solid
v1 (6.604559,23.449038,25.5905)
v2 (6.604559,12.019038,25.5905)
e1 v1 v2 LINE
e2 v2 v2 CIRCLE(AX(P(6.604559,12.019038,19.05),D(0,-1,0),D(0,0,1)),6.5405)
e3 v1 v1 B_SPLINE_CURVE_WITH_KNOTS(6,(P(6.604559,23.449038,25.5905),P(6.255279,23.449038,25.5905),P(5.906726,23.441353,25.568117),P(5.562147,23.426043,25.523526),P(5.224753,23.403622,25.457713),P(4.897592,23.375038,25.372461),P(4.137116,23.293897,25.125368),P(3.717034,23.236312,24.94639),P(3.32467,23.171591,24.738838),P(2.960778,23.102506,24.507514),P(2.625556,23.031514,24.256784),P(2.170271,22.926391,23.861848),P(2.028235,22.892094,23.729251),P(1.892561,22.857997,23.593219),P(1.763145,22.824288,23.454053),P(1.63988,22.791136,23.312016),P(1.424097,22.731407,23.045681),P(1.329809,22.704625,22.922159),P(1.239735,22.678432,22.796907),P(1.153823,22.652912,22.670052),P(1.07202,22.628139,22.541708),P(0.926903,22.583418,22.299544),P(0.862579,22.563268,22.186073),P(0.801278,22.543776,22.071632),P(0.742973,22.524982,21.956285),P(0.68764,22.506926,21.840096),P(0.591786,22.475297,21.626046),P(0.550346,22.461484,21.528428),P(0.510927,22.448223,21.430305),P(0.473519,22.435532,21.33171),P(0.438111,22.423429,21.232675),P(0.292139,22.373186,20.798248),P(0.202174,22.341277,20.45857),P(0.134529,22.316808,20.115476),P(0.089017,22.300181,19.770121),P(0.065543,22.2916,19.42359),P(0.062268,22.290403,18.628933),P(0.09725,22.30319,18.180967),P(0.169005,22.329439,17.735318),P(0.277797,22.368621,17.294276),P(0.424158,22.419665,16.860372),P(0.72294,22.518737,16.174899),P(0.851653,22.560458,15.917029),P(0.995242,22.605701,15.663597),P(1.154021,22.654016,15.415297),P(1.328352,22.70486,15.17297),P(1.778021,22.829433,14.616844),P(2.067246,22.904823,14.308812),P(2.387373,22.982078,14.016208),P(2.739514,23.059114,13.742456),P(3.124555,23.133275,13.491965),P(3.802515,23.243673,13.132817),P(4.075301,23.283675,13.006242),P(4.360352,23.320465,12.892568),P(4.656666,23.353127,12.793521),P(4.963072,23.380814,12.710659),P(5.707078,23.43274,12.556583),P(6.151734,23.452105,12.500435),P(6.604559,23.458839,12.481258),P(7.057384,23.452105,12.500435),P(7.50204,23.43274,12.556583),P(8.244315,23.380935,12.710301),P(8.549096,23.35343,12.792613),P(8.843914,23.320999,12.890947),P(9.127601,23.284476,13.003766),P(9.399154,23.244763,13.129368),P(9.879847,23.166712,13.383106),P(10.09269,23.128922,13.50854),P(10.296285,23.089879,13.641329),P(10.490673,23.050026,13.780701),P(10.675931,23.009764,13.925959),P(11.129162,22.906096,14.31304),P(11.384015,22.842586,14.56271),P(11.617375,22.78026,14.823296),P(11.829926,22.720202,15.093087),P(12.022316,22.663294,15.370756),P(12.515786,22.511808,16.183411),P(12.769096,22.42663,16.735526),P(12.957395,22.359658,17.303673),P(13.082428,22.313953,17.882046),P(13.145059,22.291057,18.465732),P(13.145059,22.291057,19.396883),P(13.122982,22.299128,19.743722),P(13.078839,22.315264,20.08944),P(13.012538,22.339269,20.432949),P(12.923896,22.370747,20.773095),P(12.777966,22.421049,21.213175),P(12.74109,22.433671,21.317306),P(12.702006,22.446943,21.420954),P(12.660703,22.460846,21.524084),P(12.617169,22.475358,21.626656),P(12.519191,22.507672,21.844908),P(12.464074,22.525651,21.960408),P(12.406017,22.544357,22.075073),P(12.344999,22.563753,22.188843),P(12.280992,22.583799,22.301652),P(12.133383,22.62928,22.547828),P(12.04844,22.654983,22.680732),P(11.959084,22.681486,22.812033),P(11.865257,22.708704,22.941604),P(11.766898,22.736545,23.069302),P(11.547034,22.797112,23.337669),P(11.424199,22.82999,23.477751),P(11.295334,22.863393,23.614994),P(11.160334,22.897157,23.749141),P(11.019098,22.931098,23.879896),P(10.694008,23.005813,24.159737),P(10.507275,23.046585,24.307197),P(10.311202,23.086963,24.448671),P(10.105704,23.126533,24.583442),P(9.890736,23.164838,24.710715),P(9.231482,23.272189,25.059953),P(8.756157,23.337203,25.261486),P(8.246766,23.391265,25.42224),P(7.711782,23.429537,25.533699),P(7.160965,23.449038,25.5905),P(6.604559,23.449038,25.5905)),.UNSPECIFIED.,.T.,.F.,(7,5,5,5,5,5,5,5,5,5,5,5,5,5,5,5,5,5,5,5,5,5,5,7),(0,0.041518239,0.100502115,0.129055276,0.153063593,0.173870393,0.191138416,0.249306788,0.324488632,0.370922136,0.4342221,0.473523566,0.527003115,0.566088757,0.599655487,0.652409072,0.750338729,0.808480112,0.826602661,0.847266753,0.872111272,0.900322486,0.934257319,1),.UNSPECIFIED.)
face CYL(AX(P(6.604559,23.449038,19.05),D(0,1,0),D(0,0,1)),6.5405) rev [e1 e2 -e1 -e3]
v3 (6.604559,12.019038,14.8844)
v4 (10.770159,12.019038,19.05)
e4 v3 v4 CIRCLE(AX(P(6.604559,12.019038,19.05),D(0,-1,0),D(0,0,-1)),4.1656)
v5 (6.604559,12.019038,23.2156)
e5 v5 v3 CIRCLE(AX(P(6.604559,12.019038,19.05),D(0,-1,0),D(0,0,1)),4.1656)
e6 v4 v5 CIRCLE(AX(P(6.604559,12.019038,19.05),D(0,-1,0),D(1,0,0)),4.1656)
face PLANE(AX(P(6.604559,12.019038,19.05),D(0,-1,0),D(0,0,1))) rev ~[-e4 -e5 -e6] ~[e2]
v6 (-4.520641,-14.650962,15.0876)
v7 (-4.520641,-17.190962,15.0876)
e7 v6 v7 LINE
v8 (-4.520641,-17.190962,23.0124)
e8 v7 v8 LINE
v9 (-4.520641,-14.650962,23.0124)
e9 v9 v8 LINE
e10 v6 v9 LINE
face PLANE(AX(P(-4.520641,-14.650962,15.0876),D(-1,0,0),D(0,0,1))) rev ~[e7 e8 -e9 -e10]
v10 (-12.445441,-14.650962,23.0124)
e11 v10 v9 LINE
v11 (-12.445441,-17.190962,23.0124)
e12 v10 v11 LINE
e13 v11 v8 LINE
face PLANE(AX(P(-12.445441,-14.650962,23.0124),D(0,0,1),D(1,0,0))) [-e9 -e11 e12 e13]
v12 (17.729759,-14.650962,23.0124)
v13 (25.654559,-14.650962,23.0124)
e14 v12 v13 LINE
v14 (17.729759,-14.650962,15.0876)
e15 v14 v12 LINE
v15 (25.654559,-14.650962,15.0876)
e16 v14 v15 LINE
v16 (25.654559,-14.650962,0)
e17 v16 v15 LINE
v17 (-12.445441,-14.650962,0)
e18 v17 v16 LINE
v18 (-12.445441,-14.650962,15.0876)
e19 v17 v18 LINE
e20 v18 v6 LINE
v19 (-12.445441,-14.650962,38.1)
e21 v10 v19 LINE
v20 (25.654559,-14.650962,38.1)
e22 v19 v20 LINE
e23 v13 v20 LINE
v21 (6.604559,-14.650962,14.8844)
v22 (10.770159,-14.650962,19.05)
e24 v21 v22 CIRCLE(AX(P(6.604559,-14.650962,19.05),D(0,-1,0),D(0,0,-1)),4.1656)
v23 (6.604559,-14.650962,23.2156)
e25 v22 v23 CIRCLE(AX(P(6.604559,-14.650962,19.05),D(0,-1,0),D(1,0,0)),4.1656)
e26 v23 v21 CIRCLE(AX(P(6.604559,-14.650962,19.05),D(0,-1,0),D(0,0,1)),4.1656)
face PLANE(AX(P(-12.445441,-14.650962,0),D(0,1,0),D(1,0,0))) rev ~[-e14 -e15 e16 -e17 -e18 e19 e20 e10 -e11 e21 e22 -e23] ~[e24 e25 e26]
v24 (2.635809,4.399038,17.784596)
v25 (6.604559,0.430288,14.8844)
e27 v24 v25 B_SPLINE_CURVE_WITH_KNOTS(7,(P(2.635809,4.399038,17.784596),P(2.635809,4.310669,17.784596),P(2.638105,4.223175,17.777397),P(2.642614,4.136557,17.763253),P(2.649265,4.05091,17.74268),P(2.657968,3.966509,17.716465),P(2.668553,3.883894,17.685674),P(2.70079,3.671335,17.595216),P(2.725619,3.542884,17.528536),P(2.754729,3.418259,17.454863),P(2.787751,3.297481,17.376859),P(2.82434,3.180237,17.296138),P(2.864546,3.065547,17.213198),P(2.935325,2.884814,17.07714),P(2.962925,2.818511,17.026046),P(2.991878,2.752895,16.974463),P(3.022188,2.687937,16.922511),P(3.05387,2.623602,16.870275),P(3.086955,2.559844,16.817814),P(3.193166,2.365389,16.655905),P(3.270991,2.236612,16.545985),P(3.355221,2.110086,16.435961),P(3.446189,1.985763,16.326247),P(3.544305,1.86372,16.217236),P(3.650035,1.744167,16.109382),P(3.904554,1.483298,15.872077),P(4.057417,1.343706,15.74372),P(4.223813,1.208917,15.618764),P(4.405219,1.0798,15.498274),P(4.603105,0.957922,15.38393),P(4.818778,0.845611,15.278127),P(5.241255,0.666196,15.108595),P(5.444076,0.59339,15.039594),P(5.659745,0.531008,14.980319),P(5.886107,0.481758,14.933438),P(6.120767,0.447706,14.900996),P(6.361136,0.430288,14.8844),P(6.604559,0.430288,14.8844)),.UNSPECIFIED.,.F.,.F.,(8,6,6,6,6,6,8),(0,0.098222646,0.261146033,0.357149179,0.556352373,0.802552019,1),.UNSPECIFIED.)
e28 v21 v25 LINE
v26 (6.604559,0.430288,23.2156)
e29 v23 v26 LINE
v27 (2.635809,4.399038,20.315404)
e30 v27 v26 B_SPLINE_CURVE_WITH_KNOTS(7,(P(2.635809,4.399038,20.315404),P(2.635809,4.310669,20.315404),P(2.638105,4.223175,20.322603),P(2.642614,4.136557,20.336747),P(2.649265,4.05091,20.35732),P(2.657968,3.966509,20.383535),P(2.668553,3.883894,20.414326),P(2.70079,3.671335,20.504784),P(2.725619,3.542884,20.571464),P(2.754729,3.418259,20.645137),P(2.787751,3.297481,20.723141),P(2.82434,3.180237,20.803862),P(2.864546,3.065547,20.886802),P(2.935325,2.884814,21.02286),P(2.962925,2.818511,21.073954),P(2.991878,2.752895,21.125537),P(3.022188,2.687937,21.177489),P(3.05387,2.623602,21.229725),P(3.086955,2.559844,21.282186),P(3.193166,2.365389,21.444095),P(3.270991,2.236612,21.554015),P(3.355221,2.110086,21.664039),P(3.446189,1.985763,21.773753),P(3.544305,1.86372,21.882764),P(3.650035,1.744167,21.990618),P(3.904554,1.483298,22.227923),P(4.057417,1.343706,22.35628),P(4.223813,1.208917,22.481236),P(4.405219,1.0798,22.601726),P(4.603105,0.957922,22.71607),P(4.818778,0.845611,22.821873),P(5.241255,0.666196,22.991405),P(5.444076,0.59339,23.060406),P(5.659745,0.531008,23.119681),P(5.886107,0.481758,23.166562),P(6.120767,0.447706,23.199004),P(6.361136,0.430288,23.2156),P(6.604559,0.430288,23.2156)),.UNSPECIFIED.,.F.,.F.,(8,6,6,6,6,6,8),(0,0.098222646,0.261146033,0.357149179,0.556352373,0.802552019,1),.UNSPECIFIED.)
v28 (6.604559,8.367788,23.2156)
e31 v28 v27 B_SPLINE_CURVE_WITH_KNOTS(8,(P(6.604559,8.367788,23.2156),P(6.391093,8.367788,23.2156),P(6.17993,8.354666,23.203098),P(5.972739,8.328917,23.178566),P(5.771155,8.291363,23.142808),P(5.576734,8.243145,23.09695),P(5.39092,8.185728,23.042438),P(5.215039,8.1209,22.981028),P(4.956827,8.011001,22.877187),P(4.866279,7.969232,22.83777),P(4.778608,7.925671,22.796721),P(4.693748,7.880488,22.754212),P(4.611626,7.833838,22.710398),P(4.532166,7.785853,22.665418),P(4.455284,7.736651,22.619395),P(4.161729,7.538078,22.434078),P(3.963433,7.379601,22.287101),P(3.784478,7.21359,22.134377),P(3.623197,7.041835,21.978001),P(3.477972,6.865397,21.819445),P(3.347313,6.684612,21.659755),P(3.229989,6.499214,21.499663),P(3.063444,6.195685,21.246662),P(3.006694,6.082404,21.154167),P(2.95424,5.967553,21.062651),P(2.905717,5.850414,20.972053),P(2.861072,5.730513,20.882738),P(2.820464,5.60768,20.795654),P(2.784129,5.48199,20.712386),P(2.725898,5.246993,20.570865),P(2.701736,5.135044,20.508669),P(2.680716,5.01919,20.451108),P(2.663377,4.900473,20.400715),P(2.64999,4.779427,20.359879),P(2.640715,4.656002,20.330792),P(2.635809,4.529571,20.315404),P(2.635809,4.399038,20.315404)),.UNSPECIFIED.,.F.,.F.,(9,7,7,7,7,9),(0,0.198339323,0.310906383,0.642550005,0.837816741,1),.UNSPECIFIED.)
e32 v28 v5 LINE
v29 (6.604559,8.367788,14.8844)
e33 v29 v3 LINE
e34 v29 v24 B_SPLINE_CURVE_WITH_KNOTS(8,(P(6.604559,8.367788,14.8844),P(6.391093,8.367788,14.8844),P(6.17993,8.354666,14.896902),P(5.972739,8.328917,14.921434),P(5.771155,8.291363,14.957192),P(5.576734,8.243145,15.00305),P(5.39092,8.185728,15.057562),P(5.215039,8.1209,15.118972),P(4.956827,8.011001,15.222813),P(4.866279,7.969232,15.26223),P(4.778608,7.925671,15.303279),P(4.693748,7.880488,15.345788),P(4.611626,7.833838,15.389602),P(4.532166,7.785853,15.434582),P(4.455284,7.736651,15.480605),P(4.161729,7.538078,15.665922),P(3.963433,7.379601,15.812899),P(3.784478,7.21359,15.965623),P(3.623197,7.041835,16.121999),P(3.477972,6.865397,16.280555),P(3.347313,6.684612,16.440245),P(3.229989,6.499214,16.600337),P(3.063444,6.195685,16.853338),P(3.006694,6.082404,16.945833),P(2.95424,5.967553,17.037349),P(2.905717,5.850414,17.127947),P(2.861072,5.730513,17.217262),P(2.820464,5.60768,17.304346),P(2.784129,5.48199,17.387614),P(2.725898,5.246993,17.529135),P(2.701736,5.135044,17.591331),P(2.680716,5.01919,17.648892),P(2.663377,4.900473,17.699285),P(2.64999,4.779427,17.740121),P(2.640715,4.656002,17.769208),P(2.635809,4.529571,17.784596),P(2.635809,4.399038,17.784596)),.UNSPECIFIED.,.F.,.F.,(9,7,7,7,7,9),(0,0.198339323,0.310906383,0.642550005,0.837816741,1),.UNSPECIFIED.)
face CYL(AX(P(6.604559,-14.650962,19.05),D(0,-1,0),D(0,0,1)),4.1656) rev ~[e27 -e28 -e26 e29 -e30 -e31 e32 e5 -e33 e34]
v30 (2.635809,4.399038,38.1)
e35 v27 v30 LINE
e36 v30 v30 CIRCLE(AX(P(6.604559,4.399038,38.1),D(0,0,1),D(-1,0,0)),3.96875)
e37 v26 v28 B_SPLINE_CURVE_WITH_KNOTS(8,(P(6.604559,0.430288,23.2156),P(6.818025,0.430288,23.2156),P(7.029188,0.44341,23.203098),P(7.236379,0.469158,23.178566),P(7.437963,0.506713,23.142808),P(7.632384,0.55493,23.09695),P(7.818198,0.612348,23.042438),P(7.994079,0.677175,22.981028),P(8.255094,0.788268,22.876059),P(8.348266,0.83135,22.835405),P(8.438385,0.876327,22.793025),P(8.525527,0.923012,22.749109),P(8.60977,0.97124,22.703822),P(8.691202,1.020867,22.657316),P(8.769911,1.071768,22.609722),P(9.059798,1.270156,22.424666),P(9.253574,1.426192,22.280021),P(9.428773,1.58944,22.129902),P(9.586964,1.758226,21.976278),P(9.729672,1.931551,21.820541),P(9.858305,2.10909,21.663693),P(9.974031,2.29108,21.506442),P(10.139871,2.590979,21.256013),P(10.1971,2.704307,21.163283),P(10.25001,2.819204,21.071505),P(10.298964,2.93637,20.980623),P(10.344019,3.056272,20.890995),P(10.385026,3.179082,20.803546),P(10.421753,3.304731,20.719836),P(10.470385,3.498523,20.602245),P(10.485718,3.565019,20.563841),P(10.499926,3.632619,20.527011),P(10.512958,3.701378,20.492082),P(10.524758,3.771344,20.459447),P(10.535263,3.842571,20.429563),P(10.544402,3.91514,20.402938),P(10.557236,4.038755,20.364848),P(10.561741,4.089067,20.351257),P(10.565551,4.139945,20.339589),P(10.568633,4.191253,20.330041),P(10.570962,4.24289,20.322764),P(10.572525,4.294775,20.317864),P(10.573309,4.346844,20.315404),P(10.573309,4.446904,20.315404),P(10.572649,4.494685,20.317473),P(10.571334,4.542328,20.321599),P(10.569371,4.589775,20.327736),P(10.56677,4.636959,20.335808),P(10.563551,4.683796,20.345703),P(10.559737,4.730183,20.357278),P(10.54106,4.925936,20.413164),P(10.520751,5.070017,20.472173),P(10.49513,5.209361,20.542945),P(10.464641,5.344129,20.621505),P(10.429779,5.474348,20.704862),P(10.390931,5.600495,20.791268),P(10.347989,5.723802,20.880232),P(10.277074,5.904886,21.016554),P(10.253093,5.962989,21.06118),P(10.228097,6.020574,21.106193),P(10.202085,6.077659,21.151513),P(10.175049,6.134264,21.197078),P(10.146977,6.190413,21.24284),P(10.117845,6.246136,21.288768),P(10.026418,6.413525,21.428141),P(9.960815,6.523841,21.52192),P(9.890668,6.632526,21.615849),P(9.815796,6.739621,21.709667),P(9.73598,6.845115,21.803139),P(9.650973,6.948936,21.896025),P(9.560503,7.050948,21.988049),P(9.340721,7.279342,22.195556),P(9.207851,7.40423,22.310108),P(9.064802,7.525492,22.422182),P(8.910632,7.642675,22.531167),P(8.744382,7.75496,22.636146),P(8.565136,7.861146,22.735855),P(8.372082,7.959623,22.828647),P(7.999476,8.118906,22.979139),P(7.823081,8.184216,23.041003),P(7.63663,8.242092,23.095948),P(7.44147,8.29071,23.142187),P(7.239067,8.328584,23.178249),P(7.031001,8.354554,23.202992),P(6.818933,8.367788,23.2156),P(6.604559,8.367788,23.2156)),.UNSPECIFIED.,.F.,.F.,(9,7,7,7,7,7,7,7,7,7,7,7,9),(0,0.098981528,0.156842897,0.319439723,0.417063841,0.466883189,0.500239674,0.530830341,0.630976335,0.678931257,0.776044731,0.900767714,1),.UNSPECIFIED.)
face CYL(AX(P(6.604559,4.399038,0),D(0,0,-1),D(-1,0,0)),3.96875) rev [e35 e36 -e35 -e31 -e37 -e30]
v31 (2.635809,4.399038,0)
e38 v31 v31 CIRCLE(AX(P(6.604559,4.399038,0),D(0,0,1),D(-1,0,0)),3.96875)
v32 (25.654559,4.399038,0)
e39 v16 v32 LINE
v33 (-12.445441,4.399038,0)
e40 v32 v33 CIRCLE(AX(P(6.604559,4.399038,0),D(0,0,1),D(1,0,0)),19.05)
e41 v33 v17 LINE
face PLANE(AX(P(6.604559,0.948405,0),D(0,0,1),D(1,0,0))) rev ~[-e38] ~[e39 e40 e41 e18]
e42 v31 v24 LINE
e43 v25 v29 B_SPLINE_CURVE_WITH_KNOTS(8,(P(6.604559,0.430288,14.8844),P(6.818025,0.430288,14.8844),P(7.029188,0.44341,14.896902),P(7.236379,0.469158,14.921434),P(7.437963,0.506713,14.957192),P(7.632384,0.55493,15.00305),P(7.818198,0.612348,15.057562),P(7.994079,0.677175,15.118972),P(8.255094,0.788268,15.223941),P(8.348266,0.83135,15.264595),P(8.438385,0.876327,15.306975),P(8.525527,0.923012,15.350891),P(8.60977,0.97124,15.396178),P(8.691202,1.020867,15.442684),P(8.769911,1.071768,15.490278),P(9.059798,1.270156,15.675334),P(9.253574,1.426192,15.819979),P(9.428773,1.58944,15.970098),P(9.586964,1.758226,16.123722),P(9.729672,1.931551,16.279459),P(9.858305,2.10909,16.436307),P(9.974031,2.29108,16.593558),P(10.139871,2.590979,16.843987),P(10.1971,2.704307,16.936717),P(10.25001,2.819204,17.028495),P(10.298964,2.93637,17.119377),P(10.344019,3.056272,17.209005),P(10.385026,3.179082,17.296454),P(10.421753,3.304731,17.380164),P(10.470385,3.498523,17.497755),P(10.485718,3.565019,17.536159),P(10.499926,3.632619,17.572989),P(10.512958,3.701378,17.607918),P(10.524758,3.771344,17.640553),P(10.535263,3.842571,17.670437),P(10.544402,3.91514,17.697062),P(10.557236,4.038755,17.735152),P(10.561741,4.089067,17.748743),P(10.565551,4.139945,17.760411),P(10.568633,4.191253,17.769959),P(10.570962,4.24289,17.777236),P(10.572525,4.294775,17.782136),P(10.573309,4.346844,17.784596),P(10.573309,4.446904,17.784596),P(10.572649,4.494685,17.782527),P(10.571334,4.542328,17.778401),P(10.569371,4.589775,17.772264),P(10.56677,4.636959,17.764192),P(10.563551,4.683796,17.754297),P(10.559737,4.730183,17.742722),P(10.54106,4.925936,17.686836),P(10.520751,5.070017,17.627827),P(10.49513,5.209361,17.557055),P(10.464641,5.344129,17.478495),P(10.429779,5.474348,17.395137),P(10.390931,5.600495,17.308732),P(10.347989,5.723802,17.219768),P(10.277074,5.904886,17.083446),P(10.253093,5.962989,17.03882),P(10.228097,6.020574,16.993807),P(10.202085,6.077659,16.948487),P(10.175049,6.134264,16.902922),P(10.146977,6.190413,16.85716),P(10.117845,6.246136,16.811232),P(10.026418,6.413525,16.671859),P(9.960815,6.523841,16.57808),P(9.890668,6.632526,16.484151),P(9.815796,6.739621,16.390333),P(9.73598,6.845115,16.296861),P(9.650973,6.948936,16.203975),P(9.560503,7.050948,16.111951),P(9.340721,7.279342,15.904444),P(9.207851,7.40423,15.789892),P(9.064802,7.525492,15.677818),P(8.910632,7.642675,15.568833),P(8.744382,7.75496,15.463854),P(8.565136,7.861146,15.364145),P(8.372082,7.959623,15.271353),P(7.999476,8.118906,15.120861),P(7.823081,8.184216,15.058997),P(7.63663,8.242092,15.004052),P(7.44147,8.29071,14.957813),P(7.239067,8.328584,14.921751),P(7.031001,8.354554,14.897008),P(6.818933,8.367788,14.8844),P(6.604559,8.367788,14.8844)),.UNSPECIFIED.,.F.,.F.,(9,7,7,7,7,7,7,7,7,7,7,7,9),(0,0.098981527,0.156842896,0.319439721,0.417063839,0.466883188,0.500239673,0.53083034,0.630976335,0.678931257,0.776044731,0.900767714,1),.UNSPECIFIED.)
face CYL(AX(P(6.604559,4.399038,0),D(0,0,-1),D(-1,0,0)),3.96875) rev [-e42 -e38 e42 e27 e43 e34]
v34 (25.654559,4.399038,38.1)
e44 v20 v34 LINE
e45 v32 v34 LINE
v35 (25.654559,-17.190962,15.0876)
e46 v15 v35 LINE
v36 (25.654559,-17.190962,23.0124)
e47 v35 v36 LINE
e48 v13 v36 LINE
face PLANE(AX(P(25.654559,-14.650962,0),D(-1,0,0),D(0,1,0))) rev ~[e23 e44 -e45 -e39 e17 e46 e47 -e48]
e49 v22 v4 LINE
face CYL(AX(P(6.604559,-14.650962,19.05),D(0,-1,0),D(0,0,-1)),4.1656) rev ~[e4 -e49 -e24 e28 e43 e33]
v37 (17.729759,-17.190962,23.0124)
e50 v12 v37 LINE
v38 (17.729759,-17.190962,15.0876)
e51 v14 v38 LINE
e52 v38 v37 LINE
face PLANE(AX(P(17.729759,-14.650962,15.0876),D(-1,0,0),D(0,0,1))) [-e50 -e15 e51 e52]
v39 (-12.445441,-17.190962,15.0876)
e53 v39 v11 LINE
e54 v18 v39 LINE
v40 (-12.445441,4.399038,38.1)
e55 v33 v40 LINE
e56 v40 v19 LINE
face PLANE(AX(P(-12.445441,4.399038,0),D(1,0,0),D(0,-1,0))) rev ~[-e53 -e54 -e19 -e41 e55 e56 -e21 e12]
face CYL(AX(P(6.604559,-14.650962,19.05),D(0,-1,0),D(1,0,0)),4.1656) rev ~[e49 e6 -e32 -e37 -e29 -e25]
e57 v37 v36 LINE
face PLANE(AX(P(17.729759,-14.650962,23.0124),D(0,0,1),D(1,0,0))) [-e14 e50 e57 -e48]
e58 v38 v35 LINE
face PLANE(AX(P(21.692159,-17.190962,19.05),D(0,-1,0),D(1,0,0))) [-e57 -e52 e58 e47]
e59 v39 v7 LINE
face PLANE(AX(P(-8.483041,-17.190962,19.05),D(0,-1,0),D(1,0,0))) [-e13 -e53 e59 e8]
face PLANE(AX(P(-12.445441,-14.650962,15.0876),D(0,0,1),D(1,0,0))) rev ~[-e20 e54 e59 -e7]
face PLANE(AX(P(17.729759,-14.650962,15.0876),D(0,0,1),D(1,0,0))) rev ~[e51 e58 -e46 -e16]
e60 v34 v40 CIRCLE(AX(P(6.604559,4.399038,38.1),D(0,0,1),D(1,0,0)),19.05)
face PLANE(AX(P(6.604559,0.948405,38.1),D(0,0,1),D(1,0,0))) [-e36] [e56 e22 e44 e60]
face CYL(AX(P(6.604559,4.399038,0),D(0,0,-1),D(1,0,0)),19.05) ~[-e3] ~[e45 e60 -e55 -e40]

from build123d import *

# Parameters (mm, degrees)
SKETCH1_R          = 3.96875
EXTRUDE1_DEPTH     = 38.1
CUT_EXTRUDE1_DEPTH = 60.67726868
CUT_EXTRUDE2_START = -38.1
SKETCH3_R          = 6.5405
CUT_EXTRUDE2_DEPTH = 11.43
SKETCH4_W          = 7.9248
SKETCH4_H          = 7.9248
EXTRUDE2_DEPTH     = 2.54


with BuildPart() as part:
    # Sketch1 → Extrude1 (new body)
    with BuildSketch(Plane.XY):
        with BuildLine():
            Line((-12.445441008, 4.399037801), (-12.445441008, -14.650962199))
            Line((-12.445441008, -14.650962199), (25.654558992, -14.650962199))
            Line((25.654558992, -14.650962199), (25.654558992, 4.399037801))
            ThreePointArc((25.654558992, 4.399037801), (6.604558992, 23.449037801), (-12.445441008, 4.399037801))
        make_face()
        with Locations(Location((6.604558992, 4.399037801, 0), (0, 0, 180))):
            Circle(SKETCH1_R, mode=Mode.SUBTRACT)
    extrude(amount=EXTRUDE1_DEPTH)

    # Sketch2 → Cut-Extrude1 (cut, through all)
    with BuildSketch(Plane.XZ.offset(14.650962199)):
        with BuildLine():
            ThreePointArc((10.770158992, 19.05), (9.550083, 21.995524008), (6.604558992, 23.2156))
            Line((6.604558992, 23.2156), (6.604558992, 14.8844))
            ThreePointArc((6.604558992, 14.8844), (9.550083, 16.104475992), (10.770158992, 19.05))
        make_face()
        with BuildLine():
            Line((6.604558992, 14.8844), (6.604558992, 23.2156))
            ThreePointArc((6.604558992, 23.2156), (2.438958992, 19.05), (6.604558992, 14.8844))
        make_face()
    extrude(amount=-CUT_EXTRUDE1_DEPTH, mode=Mode.SUBTRACT)

    # Sketch3 → Cut-Extrude2 (cut)
    with BuildSketch(Plane.XZ.offset(14.650962199).offset(CUT_EXTRUDE2_START)):
        with Locations(Location((6.604558992, 19.05, 0), (0, 0, 90))):
            Circle(SKETCH3_R)
    extrude(amount=CUT_EXTRUDE2_DEPTH, mode=Mode.SUBTRACT)

    # Sketch4 → Extrude2 (add)
    with BuildSketch(Plane.XZ.offset(14.650962199)):
        with Locations((-8.483041008, 19.05)):
            Rectangle(SKETCH4_W, SKETCH4_H)
        with Locations((21.692158992, 19.05)):
            Rectangle(SKETCH4_W, SKETCH4_H)
    extrude(amount=EXTRUDE2_DEPTH)


solid = part.part
